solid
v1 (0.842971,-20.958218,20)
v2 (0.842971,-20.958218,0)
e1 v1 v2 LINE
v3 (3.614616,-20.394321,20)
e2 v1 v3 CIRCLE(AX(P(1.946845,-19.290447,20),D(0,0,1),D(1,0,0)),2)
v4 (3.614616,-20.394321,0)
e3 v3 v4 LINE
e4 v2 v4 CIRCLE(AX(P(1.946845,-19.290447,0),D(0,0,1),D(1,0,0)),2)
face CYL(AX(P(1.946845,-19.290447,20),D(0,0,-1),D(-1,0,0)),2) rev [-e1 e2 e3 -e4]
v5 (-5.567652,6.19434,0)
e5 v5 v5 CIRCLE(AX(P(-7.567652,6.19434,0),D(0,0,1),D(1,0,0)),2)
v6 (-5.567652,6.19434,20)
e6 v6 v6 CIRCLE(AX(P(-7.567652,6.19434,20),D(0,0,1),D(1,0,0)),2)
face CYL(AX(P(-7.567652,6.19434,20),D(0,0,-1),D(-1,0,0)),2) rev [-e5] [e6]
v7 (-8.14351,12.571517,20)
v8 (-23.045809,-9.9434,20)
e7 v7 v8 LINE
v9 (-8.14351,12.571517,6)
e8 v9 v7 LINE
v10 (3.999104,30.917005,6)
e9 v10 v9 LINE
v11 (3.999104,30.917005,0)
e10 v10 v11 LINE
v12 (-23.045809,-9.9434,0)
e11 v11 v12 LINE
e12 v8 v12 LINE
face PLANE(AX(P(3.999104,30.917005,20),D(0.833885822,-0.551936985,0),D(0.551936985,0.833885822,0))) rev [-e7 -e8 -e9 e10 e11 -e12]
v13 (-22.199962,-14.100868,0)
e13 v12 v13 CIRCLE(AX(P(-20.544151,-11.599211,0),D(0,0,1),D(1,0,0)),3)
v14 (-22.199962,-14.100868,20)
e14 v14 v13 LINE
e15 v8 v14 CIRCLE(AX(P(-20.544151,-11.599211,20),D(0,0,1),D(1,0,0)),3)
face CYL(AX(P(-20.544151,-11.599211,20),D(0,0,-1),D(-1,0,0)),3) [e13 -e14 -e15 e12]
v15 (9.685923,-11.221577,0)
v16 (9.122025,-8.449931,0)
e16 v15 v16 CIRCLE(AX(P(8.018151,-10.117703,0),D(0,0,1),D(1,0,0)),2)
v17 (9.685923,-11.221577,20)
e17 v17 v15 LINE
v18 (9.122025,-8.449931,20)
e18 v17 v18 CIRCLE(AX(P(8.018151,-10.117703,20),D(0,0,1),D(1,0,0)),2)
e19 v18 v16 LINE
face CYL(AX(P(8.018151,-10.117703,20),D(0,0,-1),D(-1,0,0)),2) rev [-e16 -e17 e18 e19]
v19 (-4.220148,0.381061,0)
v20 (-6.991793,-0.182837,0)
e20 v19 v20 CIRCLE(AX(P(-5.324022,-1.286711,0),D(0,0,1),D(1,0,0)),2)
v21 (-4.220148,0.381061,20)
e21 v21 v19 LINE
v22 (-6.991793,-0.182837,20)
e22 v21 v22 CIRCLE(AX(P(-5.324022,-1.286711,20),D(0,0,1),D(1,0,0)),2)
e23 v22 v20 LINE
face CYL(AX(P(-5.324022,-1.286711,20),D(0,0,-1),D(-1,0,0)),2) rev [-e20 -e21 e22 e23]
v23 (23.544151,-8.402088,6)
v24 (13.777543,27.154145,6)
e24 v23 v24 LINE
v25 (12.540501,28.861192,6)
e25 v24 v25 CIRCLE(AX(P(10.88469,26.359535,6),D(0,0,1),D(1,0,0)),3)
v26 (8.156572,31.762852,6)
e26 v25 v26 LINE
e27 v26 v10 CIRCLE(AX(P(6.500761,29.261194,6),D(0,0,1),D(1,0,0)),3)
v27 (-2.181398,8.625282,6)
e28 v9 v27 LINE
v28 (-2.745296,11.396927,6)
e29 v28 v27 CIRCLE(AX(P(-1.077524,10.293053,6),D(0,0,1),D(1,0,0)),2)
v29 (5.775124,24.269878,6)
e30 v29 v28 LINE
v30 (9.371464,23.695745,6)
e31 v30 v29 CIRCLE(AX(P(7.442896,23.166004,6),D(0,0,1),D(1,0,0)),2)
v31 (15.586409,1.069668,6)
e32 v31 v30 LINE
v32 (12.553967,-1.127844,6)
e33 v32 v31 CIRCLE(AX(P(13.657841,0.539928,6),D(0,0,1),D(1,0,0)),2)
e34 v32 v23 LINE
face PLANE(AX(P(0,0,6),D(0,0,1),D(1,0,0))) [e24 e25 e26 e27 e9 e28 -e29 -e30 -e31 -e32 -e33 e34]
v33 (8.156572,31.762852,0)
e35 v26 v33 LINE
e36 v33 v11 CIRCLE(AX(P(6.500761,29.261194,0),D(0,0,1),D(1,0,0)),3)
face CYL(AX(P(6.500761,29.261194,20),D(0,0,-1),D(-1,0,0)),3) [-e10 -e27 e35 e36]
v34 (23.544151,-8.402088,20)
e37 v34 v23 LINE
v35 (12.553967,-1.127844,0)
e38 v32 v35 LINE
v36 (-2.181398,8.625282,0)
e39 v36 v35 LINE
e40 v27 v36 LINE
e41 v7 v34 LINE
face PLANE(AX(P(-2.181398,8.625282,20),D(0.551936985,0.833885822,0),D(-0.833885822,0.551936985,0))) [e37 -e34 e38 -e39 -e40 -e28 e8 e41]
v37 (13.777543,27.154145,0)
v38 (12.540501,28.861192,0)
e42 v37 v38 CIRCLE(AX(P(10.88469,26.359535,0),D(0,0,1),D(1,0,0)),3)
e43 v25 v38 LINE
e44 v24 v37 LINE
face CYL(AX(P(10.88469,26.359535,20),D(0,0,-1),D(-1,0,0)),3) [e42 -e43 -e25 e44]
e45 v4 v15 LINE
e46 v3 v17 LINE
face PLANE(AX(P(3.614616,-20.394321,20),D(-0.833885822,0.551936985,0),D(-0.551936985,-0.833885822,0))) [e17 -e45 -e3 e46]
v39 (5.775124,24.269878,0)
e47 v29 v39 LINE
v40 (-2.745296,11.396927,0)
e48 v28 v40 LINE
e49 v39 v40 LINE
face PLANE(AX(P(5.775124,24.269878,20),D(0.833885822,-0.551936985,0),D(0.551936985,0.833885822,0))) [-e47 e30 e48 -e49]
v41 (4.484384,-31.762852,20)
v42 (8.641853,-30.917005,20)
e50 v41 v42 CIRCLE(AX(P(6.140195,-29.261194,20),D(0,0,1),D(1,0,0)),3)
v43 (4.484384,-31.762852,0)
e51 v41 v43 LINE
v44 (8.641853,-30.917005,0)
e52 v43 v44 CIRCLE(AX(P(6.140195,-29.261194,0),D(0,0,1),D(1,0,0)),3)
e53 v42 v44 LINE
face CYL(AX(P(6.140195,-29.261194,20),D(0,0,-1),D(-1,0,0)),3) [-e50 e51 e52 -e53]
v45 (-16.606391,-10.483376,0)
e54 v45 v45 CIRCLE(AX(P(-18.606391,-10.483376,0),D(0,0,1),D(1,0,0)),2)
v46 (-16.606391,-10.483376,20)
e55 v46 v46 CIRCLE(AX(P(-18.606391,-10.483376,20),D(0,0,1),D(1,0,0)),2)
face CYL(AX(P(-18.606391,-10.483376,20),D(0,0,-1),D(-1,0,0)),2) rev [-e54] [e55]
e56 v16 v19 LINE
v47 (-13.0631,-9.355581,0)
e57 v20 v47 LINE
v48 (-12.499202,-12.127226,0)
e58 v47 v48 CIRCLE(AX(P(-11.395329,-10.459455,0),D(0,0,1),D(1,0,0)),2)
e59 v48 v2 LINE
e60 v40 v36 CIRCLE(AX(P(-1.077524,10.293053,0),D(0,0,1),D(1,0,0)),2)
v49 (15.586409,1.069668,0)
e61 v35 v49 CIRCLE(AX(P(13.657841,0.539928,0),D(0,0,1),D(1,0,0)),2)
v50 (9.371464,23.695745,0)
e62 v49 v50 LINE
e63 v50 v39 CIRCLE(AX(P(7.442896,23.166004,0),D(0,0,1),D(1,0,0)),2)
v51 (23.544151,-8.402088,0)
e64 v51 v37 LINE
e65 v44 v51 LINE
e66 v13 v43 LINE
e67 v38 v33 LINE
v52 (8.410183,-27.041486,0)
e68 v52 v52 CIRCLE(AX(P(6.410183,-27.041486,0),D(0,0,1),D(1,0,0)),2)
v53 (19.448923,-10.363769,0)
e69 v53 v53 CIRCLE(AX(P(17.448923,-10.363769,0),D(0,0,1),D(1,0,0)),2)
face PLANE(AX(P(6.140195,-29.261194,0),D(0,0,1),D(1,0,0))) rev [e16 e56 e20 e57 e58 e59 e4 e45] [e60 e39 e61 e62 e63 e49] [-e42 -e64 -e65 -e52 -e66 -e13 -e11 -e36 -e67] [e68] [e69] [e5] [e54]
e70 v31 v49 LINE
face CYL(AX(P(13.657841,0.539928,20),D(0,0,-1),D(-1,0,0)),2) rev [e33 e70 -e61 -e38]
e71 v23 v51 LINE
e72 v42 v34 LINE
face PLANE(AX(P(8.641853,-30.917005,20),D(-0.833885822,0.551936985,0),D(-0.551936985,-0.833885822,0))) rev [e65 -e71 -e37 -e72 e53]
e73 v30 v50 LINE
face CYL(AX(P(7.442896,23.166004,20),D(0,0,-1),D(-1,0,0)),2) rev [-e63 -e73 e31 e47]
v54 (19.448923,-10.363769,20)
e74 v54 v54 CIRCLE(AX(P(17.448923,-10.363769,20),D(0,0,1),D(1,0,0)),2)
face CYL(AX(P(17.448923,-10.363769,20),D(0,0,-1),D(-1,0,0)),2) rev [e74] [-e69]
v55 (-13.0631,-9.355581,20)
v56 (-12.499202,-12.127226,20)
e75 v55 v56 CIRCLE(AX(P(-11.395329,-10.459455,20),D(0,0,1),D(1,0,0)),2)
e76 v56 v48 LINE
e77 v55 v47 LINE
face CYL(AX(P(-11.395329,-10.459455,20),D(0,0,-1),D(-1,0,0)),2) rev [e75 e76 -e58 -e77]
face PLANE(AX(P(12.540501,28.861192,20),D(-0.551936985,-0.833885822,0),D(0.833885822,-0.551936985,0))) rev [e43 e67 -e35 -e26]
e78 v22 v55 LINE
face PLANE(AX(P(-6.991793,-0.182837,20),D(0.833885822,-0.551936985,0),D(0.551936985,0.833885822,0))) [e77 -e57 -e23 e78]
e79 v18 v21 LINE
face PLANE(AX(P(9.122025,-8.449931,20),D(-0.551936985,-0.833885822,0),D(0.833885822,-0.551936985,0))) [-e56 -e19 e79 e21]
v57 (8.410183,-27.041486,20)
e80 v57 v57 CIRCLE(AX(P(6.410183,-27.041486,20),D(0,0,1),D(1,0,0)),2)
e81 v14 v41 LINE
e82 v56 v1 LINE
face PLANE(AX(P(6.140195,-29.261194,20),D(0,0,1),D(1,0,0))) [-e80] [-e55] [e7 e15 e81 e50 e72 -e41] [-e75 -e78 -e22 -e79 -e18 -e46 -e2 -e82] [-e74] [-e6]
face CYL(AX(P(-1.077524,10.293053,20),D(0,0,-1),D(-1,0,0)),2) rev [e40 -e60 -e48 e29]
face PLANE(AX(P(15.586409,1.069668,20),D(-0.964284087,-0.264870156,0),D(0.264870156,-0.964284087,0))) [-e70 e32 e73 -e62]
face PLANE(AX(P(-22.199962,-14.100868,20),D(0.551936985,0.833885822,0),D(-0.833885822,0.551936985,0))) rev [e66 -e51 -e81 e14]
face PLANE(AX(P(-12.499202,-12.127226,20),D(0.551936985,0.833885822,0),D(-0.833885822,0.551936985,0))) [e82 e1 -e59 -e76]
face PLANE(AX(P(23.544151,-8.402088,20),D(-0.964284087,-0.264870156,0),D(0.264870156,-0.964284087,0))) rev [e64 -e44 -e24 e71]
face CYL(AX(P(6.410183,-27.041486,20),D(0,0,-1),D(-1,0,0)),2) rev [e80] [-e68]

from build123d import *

# Parameters (mm, degrees)
SKETCH_1_R          = 2
EXTRUDE_1_DEPTH     = 20
CUT_EXTRUDE_2_DEPTH = 14


with BuildPart() as part:
    # 草图1 → 凸台-拉伸1 (new body)
    with BuildSketch(Plane.XY):
        with BuildLine():
            Line((8.641852584, -30.917005362), (23.544151188, -8.402088166))
            Line((23.544151188, -8.402088166), (13.777542747, 27.154145307))
            ThreePointArc((13.777542747, 27.154145307), (13.313905715, 28.119907916), (12.540501442, 28.861192305))
            Line((12.540501442, 28.861192305), (8.156572048, 31.762851872))
            ThreePointArc((8.156572048, 31.762851872), (5.902657289, 32.20096852), (3.999103626, 30.917005362))
            Line((3.999103626, 30.917005362), (-23.045808654, -9.94339992))
            ThreePointArc((-23.045808654, -9.94339992), (-23.483925302, -12.197314679), (-22.199962144, -14.100868342))
            Line((-22.199962144, -14.100868342), (4.484384162, -31.762851872))
            ThreePointArc((4.484384162, -31.762851872), (6.738298922, -32.20096852), (8.641852584, -30.917005362))
        make_face()
        with Locations((6.410183267, -27.041485776)):
            Circle(SKETCH_1_R, mode=Mode.SUBTRACT)
        with Locations((17.448922973, -10.363769335)):
            Circle(SKETCH_1_R, mode=Mode.SUBTRACT)
        with Locations((-18.606391395, -10.483376217)):
            Circle(SKETCH_1_R, mode=Mode.SUBTRACT)
        with Locations((-7.567651689, 6.194340225)):
            Circle(SKETCH_1_R, mode=Mode.SUBTRACT)
        with BuildLine():
            Line((3.614616276, -20.394320576), (9.685923114, -11.221576533))
            ThreePointArc((9.685923114, -11.221576533), (9.978000879, -9.718966694), (9.122025441, -8.449930919))
            Line((9.122025441, -8.449930919), (-4.220147712, 0.381060846))
            ThreePointArc((-4.220147712, 0.381060846), (-5.722757552, 0.673138612), (-6.991793327, -0.182836827))
            Line((-6.991793327, -0.182836827), (-13.063100166, -9.35558087))
            ThreePointArc((-13.063100166, -9.35558087), (-13.355177931, -10.858190709), (-12.499202492, -12.127226485))
            Line((-12.499202492, -12.127226485), (0.842970661, -20.95821825))
            ThreePointArc((0.842970661, -20.95821825), (2.3455805, -21.250296015), (3.614616276, -20.394320576))
        make_face(mode=Mode.SUBTRACT)
        with BuildLine():
            Line((-2.181398369, 8.62528164), (12.553966944, -1.1278439))
            ThreePointArc((12.553966944, -1.1278439), (14.831422966, -1.079549075), (15.586409089, 1.069668056))
            Line((15.586409089, 1.069668056), (9.371464219, 23.695744666))
            ThreePointArc((9.371464219, 23.695744666), (7.758191259, 25.140995222), (5.775124401, 24.269878325))
            Line((5.775124401, 24.269878325), (-2.745296043, 11.396927255))
            ThreePointArc((-2.745296043, 11.396927255), (-3.037373808, 9.894317415), (-2.181398369, 8.62528164))
        make_face(mode=Mode.SUBTRACT)
    extrude(amount=EXTRUDE_1_DEPTH)

    # 草图2 → 切除-拉伸2 (cut)
    with BuildSketch(Plane.XY.offset(20)):
        Polygon((23.544151188, -8.402088166), (-8.143510051, 12.571517276), (4.702402911, 35.561922015), (37.191732114, 19.156948223), align=None)
    extrude(amount=-CUT_EXTRUDE_2_DEPTH, mode=Mode.SUBTRACT)


solid = part.part
